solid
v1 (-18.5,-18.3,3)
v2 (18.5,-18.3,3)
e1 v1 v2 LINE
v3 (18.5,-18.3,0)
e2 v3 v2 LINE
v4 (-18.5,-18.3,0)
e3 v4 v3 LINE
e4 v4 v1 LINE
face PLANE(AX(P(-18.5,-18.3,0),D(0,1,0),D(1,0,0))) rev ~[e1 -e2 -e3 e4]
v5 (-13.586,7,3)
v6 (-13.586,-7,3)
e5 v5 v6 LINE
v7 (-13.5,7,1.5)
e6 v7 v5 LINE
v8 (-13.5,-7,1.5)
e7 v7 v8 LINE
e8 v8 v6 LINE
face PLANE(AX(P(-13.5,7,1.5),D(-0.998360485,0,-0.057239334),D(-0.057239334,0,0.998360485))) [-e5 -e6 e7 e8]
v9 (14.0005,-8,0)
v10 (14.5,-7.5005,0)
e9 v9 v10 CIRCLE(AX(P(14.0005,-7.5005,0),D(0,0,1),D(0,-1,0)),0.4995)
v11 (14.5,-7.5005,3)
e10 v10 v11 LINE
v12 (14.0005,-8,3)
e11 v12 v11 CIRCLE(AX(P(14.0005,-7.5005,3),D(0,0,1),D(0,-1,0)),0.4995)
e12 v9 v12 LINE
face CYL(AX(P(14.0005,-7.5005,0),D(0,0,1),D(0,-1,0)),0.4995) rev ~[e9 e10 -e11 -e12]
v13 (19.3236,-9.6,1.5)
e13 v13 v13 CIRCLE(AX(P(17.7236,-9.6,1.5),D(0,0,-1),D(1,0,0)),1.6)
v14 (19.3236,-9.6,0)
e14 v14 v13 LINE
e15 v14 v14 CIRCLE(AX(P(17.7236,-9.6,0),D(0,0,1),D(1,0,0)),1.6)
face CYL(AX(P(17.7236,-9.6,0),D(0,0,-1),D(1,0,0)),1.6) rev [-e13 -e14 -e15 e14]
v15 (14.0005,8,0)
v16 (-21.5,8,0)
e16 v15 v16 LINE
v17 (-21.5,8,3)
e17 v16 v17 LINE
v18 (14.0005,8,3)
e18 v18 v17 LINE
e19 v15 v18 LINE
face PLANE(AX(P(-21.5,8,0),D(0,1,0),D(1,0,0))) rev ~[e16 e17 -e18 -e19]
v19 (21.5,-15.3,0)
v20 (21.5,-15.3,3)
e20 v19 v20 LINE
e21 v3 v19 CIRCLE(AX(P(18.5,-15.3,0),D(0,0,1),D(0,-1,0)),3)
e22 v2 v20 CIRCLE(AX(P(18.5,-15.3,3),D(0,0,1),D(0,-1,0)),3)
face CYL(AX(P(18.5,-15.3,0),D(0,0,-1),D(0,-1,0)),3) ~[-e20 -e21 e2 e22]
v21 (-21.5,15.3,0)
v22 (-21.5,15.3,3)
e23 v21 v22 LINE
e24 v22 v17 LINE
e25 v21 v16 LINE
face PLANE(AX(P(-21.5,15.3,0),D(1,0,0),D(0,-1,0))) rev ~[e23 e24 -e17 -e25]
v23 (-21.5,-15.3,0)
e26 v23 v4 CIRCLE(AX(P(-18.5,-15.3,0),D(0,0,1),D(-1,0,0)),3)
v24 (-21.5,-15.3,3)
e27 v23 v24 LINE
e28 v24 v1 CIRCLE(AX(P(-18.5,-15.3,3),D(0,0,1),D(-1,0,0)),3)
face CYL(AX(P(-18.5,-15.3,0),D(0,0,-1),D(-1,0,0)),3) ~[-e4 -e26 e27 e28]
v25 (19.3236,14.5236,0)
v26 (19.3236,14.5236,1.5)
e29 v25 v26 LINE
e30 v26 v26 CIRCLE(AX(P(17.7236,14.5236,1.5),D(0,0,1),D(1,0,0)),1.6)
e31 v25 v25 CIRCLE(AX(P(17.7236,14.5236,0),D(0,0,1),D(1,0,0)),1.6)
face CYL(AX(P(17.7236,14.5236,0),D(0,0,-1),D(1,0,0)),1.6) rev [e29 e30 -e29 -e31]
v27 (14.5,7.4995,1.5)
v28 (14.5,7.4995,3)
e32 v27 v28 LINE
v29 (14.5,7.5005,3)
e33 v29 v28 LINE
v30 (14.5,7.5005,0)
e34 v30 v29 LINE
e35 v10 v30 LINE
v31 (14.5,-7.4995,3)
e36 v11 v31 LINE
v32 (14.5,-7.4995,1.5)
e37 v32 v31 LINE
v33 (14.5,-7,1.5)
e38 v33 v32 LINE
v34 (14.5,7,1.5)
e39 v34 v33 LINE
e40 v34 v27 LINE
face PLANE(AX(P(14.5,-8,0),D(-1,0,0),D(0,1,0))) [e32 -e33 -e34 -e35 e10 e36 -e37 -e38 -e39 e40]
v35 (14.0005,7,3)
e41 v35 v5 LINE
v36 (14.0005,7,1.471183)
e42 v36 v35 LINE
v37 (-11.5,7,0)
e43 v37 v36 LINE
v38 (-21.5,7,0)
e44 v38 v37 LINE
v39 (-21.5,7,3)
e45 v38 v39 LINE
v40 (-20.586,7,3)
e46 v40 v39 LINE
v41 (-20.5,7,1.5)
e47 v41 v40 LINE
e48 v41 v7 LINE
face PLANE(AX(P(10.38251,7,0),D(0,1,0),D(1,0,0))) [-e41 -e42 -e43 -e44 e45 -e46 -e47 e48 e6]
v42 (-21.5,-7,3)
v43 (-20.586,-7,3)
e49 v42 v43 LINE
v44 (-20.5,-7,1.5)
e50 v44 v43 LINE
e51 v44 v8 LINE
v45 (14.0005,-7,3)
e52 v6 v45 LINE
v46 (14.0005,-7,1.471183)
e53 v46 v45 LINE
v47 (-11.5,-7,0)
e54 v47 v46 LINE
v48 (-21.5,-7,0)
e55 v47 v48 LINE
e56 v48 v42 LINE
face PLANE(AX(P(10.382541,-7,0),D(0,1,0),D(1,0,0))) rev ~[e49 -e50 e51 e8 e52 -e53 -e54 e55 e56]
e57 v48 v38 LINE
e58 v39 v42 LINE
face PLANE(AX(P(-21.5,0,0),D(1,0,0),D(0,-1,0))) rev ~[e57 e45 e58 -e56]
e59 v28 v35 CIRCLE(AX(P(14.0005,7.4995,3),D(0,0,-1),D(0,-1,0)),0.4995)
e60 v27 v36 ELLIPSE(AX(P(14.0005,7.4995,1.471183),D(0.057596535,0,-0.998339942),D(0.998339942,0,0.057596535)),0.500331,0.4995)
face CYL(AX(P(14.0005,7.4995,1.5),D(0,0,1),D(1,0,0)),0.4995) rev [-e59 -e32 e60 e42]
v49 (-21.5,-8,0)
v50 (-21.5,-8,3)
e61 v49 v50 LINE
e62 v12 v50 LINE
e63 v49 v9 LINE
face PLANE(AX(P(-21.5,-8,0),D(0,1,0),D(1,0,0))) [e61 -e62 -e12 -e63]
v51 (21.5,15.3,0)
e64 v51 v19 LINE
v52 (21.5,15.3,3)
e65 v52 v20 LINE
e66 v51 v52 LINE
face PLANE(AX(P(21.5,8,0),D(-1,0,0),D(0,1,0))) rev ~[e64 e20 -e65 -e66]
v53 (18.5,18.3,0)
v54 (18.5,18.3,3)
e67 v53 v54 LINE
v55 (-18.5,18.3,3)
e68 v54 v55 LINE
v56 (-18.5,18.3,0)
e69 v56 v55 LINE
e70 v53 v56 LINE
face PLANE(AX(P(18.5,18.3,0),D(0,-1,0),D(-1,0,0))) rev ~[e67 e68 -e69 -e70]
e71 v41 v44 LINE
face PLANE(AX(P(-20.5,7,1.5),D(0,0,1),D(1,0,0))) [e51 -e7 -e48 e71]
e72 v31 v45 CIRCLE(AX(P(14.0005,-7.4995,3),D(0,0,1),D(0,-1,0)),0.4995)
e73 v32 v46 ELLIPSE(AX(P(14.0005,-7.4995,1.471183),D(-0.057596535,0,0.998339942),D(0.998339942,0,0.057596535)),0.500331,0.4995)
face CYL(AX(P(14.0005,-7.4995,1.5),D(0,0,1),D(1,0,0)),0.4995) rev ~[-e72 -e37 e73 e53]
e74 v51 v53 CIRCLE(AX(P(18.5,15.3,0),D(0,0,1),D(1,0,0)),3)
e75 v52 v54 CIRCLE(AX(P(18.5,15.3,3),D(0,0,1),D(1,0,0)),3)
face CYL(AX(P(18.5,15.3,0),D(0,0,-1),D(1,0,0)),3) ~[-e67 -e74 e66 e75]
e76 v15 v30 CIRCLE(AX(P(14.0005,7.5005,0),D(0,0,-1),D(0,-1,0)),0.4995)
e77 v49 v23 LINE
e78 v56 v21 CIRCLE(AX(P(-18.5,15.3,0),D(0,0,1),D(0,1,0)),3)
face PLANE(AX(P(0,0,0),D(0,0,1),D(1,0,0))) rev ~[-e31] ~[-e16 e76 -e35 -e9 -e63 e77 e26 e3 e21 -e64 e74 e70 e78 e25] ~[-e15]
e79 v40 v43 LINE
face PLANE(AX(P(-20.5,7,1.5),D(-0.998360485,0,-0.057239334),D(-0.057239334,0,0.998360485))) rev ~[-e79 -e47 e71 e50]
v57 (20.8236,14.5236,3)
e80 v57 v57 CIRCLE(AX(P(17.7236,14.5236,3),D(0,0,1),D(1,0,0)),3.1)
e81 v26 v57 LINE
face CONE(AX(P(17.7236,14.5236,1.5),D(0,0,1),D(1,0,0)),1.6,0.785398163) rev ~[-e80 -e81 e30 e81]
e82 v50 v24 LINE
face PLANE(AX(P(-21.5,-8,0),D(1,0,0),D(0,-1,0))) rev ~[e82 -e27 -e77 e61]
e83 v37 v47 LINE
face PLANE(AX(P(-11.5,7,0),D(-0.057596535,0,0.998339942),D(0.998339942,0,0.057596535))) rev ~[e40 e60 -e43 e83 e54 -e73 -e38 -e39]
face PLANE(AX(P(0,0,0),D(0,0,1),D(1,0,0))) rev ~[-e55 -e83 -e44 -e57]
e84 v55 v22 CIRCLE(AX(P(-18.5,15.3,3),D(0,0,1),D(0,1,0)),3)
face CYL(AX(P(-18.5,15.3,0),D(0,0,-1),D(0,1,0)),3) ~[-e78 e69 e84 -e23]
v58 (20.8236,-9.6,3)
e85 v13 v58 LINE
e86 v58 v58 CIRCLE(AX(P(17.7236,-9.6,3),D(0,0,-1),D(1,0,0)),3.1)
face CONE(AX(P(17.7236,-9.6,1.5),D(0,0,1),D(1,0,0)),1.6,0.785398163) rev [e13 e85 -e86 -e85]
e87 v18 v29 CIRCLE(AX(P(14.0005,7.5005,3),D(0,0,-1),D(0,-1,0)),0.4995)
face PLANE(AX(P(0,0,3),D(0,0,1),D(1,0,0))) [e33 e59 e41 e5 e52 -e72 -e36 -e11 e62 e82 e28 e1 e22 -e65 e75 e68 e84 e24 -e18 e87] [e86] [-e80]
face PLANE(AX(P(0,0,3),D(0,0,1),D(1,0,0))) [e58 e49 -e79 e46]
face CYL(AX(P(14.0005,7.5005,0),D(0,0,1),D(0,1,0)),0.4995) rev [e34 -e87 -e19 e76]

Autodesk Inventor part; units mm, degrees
ref_plane "YZ Plane" through (0, 0, 0) normal (1, 0, 0) x (0, 1, 0)
ref_plane "XZ Plane" through (0, 0, 0) normal (0, 1, 0) x (-1, 0, 0)
ref_plane "XY Plane" through (0, 0, 0) normal (0, 0, 1) x (1, 0, 0)
sketch "Sketch1" plane through (0, 0, 0) normal (0, 0, 1) x (1, 0, 0)
  circle A0 centre (17.7236, 9.6) radius 1.6 projected
  circle A1 centre (17.7236, -14.5236) radius 1.6 projected
  line L0 (7.5226, -3.6515) -> (7.5226, 2.8) projected
  line L1 (7.5226, -3.6515) -> (9.3355, -5.4645) projected
  arc A2 (1.9766, -12.2221) -> (9.3355, -5.4645) centre (5.8, -9) ccw projected
  spline S0 degree 2 poles (1.9766, -12.2221) (-3.2, -10.4641) (-8.3766, -12.2221) knots 0.21241 0.21241 0.21241 0.78759 0.78759 0.78759 projected
  arc A3 (-15.4221, -5.1766) -> (-8.3766, -12.2221) centre (-12.2, -9) ccw projected
  spline S1 degree 2 poles (-15.4221, -5.1766) (-13.6641, 0) (-15.4221, 5.1766) knots 0.212409 0.212409 0.212409 0.78759 0.78759 0.78759 projected
  arc A4 (-8.6645, 12.5355) -> (-15.4221, 5.1766) centre (-12.2, 9) ccw projected
  line L2 (-8.6645, 12.5355) -> (-5.3142, 9.1853) projected
  arc A5 (-5.3142, 9.1853) -> (-2.6505, 9.0378) centre (-3.9, 10.5995) ccw projected
  arc A6 (-2.6505, 9.0378) -> (-2.5046, 9) centre (-2.5046, 9.3) ccw projected
  line L3 (-2.5046, 9) -> (-1.9, 9) projected
  arc A7 (3.1749, 12.6) -> (-1.9, 9) centre (7.9405, 0.505) ccw projected
  line L4 (3.1749, 12.6) -> (15.5327, 12.6) projected
  arc A8 (15.7904, 11.8941) -> (15.5327, 12.6) centre (15.5327, 12.2) ccw projected
  arc A9 (15.7904, 11.8941) -> (17.7236, 6.6) centre (17.7236, 9.6) ccw projected
  line L5 (18.5, 6.6) -> (17.7236, 6.6) projected
  line L6 (18.5, 6.6) -> (18.5, 2.8) projected
  line L7 (7.5226, 2.8) -> (18.5, 2.8) projected
  line L8 (-18.5, -18.3) -> (18.5, -18.3) projected
  arc A10 (18.5, -18.3) -> (21.5, -15.3) centre (18.5, -15.3) ccw projected
  line L9 (21.5, -15.3) -> (21.5, 15.3) projected
  arc A11 (21.5, 15.3) -> (18.5, 18.3) centre (18.5, 15.3) ccw projected
  line L10 (18.5, 18.3) -> (-18.5, 18.3) projected
  arc A12 (-18.5, 18.3) -> (-21.5, 15.3) centre (-18.5, 15.3) ccw projected
  line L11 (-21.5, 15.3) -> (-21.5, -15.3) projected
  arc A13 (-21.5, -15.3) -> (-18.5, -18.3) centre (-18.5, -15.3) ccw projected
  line L12 (-21.5, 0) -> (-21.5, -8)
  line L13 (-21.5, -8) -> (-21.5, -7)
  line L14 (-21.5, -7) -> (21.5, -7)
  line L15 (-21.5, -8) -> (21.5, -8)
  line L16 (-21.5, -7) -> (14.5, -7)
  line L17 (14.5, -8) -> (14.5, 0)
  line L18 (14.5, 0) -> (-21.5, 0)
  line L19 (-21.5, -15.3) -> (-21.5, 15.3)
  line L20 (-21.5, 7) -> (21.5, 7)
  line L21 (-21.5, 8) -> (21.5, 8)
  line L22 (14.5, 8) -> (14.5, 0)
  circle A14 centre (17.7236, -9.6) radius 1.6
  circle A15 centre (17.7236, 14.5236) radius 1.6
  line L23 (7.5226, 3.6515) -> (7.5226, -2.8)
  line L24 (7.5226, 3.6515) -> (9.3355, 5.4645)
  arc A16 (9.3355, 5.4645) -> (1.9766, 12.2221) centre (5.8, 9) ccw
  spline S2 degree 4 poles (1.9766, 12.2221) (-0.5804, 11.3538) (-3.2, 11.0359) (-5.8196, 11.3538) (-8.3766, 12.2221) knots 0 0 0 0 0 1 1 1 1 1
  arc A17 (-8.3766, 12.2221) -> (-15.4221, 5.1766) centre (-12.2, 9) ccw
  spline S3 degree 4 poles (-15.4221, 5.1766) (-14.5547, 2.6189) (-14.2378, -0.0012) (-14.5548, -2.6205) (-15.4221, -5.1766) knots 0 0 0 0 0 1 1 1 1 1
  arc A18 (-15.4221, -5.1766) -> (-8.6645, -12.5355) centre (-12.2, -9) ccw
  line L25 (-8.6645, -12.5355) -> (-5.3142, -9.1853)
  arc A19 (-2.6505, -9.0378) -> (-5.3142, -9.1853) centre (-3.9, -10.5995) ccw
  arc A20 (-2.5046, -9) -> (-2.6505, -9.0378) centre (-2.5046, -9.3) ccw
  line L26 (-2.5046, -9) -> (-1.9, -9)
  arc A21 (-1.9, -9) -> (3.1749, -12.6) centre (7.9405, -0.505) ccw
  line L27 (3.1749, -12.6) -> (15.5327, -12.6)
  arc A22 (15.5327, -12.6) -> (15.7904, -11.8941) centre (15.5327, -12.2) ccw
  arc A23 (17.7236, -6.6) -> (15.7904, -11.8941) centre (17.7236, -9.6) ccw
  line L28 (18.5, -6.6) -> (17.7236, -6.6)
  line L29 (18.5, -6.6) -> (18.5, -2.8)
  line L30 (7.5226, -2.8) -> (18.5, -2.8)
  line L31 (-18.5, 18.3) -> (18.5, 18.3)
  arc A24 (21.5, 15.3) -> (18.5, 18.3) centre (18.5, 15.3) ccw
  line L32 (21.5, 15.3) -> (21.5, -15.3)
  arc A25 (18.5, -18.3) -> (21.5, -15.3) centre (18.5, -15.3) ccw
  line L33 (18.5, -18.3) -> (-18.5, -18.3)
  arc A26 (-21.5, -15.3) -> (-18.5, -18.3) centre (-18.5, -15.3) ccw
  line L34 (-21.5, -15.3) -> (-21.5, 15.3)
  arc A27 (-18.5, 18.3) -> (-21.5, 15.3) centre (-18.5, 15.3) ccw
  line L35 (-21.5, 0) -> (-21.5, 8)
  line L36 (-21.5, 8) -> (-21.5, 7)
  line L37 (-21.5, 7) -> (21.5, 7)
  line L38 (-21.5, 8) -> (21.5, 8)
  line L39 (-21.5, 7) -> (14.5, 7)
  line L40 (14.5, 8) -> (14.5, 0)
  line L41 (14.5, -8) -> (14.5, 0)
  line L42 (-21.5, -7) -> (21.5, -7)
  line L43 (-21.5, -8) -> (21.5, -8)
  line L44 (-21.5, 15.3) -> (-21.5, -15.3)
  point P0 (0, 0)
  point P1 (10.699, -8)
  point P2 (10.3826, -7)
  point P3 (-0.6242, 11.5607)
  point P4 (-3.2, 11.3431)
  point P5 (-5.7757, 11.5607)
  point P6 (-14.7615, 2.5747)
  point P7 (-14.5443, -0.0017)
  point P8 (-14.7617, -2.5772)
  dimension "d0" = 8
  dimension "d1" = 1
  dimension "d2" = 36
extrude "Extrusion1" add sketch "Sketch1" along normal blind 3 contours A0 | L21 A9 A8 L4 A16 S2 L2 A4 L11 A12 L10 A11 L9 | L21 L9 L20 A9 | L21 A16 L4 A8 A9 | A9 L20 L22 L21 | L20 L9 L14 A23 L28 L29 L30 L17 L22 L7 L6 L5 A9 | A9 L5 L6 L7 L22 L20 | L22 L7 L23 L24 A16 L20 | L21 A4 A17 S2 L2 A5 A6 L3 A7 L4 A16 | L9 L15 A23 L14 | L4 A7 L3 A6 A5 L2 S2 A16 | A16 L24 L23 L0 L18 S1 A4 L20 | L22 L18 L0 L7 | L9 A10 L8 A13 L11 L15 A3 L25 S0 A2 L27 A22 A23 | A23 L15 L17 L14 | L14 L17 L30 L29 L28 A23 | A4 S1 L18 L11 L20 | L17 L30 L0 L18 | L2 S2 A17 | L14 A2 L1 L0 L30 L17 | A23 A22 L27 A2 L15 | L0 L1 A2 L14 A3 S1 L18 | S1 A3 L14 L11 L18 | A2 L27 A21 L26 A20 A19 L25 S0 A3 L15 | A2 S0 L25 A19 A20 L26 A21 L27 | A3 S0 L25 | A1
sketch "Sketch2" plane through (-21.5, 7, 0) normal (0, 1, 0) x (1, 0, 0)
  line L0 (36, 0) -> (36, -3) projected
  line L1 (36, 0) -> (36, -3)
  line L2 (0, -3) -> (3, -3) projected
  line L3 (36, 0) -> (0, 0)
  line L4 (0, 0) -> (0, -3)
  line L5 (0, -3) -> (36, -3)
  line L6 (36, -3) -> (36, 0)
  line L7 (0, -3) -> (7.914, -3)
  line L8 (3, -3) -> (40, -3) projected
  line L9 (0, 0) -> (0, -3) projected
  line L10 (0, -1.5) -> (8, -1.5)
  line L11 (8, -1.5) -> (7.914, -3)
  line L12 (0, 0) -> (10, 0)
  line L13 (0, 0) -> (36, 0) projected
  line L14 (10, 0) -> (36, -1.5)
  line L15 (0, -1.5) -> (1, -1.5)
  line L16 (1, -1.5) -> (0.914, -3)
  line L17 (0, -3) -> (36, -3) projected
  point P0 (21.5, 0)
  point P1 (7.914, -3)
  point P2 (0, -1.5)
  point P3 (3, -3)
  point P4 (0.914, -3)
  dimension "d8" = 7.914
  dimension "d9" = 8
  dimension "d10" = 10
  dimension "d14" = 1
extrude "Extrusion2" cut sketch "Sketch2" against normal up to surface (14 mm away) contours L0 L14 L3 | L5 L2 L16 L10 L11
fillet "Fillet1" radius 0.5 4 edges at (14.5, 8, 1.5) (14.5, 7, 2.25) (14.5, -7, 2.25) (14.5, -8, 1.5)
chamfer "Chamfer3" distance 1.5 angle 45 2 edges at (16.1236, -9.6, 3) (16.1236, 14.5236, 3)
properties part number "test_akkum_shelki2"
